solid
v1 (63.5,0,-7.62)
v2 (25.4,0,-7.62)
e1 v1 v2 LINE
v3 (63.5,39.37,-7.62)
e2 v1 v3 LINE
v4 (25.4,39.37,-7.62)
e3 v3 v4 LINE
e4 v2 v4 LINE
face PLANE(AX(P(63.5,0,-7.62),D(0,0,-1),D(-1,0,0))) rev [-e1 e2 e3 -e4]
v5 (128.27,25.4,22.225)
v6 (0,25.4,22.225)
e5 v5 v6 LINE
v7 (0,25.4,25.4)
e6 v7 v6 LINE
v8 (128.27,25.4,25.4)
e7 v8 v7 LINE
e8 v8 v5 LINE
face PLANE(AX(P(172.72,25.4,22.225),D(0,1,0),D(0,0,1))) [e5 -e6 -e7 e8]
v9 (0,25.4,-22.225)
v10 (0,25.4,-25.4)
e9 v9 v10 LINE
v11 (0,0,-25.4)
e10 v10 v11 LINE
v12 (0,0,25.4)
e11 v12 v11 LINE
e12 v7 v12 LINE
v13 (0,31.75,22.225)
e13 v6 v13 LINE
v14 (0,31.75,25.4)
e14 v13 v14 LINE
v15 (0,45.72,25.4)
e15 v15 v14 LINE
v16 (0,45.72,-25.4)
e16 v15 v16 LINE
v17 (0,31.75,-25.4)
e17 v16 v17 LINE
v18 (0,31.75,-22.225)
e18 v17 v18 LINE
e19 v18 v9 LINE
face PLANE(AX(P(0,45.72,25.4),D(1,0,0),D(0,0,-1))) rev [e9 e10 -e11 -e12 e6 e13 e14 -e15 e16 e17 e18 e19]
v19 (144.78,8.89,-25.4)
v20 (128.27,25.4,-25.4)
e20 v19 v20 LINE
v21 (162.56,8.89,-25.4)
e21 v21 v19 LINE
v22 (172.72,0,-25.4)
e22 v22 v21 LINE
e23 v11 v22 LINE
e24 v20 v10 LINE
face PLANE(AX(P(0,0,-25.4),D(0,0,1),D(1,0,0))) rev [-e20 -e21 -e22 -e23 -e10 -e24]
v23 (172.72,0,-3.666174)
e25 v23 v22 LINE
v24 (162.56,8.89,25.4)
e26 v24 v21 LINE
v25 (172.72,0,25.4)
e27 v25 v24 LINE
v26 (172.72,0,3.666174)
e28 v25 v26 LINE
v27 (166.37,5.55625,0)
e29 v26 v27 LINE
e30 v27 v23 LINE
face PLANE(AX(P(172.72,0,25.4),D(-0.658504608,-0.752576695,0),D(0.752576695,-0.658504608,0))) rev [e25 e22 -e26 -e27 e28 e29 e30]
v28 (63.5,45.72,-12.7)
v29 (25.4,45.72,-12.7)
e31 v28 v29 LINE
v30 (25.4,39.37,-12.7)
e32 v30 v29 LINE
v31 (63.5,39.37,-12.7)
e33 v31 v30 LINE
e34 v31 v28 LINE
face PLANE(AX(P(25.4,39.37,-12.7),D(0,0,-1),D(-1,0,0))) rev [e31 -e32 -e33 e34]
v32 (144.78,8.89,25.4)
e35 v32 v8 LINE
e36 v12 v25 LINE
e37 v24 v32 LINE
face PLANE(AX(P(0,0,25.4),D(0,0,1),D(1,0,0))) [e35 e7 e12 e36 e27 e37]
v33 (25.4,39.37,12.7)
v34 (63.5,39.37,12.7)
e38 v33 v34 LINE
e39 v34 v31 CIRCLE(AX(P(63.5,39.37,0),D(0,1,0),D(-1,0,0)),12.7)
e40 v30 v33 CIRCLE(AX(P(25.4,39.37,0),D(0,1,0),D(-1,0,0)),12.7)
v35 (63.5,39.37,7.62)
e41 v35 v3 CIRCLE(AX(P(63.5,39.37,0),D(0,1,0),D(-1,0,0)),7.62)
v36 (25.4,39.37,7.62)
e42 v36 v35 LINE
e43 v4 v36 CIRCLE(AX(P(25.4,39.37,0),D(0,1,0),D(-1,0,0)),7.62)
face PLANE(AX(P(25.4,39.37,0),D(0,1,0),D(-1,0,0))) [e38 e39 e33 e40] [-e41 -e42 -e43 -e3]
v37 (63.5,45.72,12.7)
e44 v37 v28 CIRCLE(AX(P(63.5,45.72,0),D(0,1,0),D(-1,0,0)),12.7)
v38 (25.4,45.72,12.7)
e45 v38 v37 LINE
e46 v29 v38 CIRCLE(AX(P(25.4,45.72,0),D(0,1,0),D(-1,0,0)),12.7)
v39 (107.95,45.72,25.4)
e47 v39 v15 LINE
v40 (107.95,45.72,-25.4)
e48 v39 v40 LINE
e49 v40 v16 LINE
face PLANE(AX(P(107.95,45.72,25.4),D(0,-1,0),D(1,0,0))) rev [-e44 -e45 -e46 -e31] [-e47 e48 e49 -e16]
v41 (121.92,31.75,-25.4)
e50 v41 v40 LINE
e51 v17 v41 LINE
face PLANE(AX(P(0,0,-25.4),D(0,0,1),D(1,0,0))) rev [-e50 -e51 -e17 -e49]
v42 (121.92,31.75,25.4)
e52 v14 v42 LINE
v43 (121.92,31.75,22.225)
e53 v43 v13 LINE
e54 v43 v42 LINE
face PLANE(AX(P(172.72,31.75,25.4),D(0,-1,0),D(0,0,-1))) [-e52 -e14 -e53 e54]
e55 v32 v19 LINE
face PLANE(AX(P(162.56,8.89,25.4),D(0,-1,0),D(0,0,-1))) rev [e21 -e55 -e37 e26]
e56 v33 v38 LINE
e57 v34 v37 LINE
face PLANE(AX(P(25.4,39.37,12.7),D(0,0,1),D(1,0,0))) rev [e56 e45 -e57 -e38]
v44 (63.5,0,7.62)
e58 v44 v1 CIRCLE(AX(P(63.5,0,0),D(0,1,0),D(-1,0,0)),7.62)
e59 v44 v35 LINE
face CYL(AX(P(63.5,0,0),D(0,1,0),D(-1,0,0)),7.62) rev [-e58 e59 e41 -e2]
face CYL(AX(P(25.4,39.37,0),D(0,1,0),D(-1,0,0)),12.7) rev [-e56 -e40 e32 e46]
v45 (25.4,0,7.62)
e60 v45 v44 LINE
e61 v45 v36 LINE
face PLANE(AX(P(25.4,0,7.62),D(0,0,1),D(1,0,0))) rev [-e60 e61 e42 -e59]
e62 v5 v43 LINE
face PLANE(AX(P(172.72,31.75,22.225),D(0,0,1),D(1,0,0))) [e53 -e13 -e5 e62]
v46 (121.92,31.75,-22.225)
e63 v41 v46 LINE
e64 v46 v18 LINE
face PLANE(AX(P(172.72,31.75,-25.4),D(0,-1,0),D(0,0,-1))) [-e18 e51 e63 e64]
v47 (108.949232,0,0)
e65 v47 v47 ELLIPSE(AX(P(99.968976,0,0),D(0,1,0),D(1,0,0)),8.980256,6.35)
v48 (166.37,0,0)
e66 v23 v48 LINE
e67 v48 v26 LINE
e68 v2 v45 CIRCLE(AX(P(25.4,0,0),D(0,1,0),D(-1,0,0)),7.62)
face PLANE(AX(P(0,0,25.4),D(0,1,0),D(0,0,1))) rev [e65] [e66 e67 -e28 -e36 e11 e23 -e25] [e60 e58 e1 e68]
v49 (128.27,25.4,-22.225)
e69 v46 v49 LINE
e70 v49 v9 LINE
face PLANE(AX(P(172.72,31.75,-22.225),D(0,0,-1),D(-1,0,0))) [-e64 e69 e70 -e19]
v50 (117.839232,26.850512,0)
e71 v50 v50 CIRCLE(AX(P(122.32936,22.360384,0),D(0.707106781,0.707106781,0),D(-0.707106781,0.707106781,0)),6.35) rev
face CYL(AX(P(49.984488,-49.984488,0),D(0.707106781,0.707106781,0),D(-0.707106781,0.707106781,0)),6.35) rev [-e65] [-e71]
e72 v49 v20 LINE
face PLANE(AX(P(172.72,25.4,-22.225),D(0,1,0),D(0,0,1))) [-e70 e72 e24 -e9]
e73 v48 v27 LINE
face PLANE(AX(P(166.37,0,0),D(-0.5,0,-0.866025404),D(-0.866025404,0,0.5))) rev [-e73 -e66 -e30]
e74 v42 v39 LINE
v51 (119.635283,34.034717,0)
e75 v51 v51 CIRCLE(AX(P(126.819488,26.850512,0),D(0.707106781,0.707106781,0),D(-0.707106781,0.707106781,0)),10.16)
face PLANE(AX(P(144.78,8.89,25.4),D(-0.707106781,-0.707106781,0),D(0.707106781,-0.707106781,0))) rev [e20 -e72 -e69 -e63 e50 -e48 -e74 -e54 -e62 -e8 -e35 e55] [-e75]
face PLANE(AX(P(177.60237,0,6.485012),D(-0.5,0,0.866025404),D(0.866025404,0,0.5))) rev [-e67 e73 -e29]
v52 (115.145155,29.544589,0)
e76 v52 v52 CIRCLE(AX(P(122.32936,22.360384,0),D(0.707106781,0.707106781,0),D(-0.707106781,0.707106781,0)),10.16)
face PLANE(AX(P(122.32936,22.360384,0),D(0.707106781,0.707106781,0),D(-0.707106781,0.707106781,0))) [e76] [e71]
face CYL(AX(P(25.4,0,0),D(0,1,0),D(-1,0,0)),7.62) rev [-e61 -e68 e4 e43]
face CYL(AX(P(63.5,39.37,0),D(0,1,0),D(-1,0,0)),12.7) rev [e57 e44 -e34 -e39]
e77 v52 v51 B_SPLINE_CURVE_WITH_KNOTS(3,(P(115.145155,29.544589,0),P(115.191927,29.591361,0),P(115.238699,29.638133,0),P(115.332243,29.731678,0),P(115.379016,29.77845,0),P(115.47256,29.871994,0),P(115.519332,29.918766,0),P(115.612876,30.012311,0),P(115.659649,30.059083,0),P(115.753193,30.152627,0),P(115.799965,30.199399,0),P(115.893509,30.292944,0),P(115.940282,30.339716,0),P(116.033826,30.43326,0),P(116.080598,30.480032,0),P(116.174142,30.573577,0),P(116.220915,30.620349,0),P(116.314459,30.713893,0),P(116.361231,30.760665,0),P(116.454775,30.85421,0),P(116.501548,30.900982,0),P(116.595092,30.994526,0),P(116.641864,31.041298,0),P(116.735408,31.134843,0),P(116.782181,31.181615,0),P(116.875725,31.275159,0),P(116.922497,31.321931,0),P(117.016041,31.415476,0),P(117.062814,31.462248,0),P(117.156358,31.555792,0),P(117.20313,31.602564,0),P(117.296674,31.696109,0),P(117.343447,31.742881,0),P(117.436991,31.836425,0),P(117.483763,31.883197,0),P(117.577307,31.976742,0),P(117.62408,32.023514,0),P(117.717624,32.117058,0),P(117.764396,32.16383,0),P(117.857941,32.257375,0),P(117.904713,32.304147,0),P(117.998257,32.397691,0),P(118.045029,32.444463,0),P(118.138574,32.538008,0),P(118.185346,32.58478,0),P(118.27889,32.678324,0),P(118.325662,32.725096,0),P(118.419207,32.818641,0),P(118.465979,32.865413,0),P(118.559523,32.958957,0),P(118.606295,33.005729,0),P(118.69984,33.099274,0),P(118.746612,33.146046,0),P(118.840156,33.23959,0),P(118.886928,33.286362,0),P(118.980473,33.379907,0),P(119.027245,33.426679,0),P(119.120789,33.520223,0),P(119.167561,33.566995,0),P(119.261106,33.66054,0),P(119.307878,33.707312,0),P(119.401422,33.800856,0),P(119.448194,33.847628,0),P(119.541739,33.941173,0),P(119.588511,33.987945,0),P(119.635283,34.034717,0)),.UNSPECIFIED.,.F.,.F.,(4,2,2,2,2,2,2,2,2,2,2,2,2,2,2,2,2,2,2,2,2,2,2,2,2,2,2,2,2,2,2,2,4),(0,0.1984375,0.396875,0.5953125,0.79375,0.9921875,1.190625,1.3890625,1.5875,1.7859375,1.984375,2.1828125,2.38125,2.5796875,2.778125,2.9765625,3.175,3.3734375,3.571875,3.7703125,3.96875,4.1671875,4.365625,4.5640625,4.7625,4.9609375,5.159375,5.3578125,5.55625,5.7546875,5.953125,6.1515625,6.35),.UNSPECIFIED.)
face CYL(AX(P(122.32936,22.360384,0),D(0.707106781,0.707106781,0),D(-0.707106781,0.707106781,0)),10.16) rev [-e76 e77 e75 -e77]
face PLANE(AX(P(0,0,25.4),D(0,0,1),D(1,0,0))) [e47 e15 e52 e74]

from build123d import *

# Parameters (mm, degrees)
BOSS_EXTRUDE1_DEPTH = 25.4
SKETCH2_R           = 6.35
CUT_EXTRUDE1_DEPTH  = 126.469958357
SKETCH3_R           = 10.16
CUT_EXTRUDE2_DEPTH  = 6.35
CUT_EXTRUDE3_DEPTH  = 179.420310783
SKETCH6_W           = 3.175
SKETCH6_H           = 6.35
CUT_EXTRUDE4_DEPTH  = 181.46516783
CUT_EXTRUDE5_DEPTH  = 6.35
CUT_EXTRUDE6_DEPTH  = 179.961882254


with BuildPart() as part:
    # Sketch1 → Boss-Extrude1 (new, symmetric)
    with BuildSketch(Plane.XY):
        Polygon((0, 0), (172.72, 0), (162.56, 8.89), (144.78, 8.89), (107.95, 45.72), (0, 45.72), align=None)
    extrude(amount=BOSS_EXTRUDE1_DEPTH, both=True)

    # Sketch2 → Cut-Extrude1 (cut, through all)
    with BuildSketch(Plane(origin=(76.835, 76.835, 0), x_dir=(0, 0, -1), z_dir=(0.7071067811865482, 0.7071067811865468, 0))):
        with Locations(Location((0, -70.688740495, 0), (0, 0, 90))):
            Circle(SKETCH2_R)
    extrude(amount=-CUT_EXTRUDE1_DEPTH, mode=Mode.SUBTRACT)

    # Sketch3 → Cut-Extrude2 (cut)
    with BuildSketch(Plane(origin=(76.835, 76.835, 0), x_dir=(0, 0, -1), z_dir=(0.7071067811865482, 0.7071067811865468, 0))):
        with Locations(Location((0, -70.688740495, 0), (0, 0, 90))):
            Circle(SKETCH3_R)
    extrude(amount=-CUT_EXTRUDE2_DEPTH, mode=Mode.SUBTRACT)

    # Sketch5 → Cut-Extrude3 (cut, through all)
    with BuildSketch(Plane(origin=(0, 8.89, 0), x_dir=(1, 0, 0), z_dir=(0, 1, 0))):
        Polygon((166.37, 0), (177.602369567, 6.485011593), (177.602369567, -6.485011593), align=None)
    extrude(amount=-CUT_EXTRUDE3_DEPTH, mode=Mode.SUBTRACT)

    # Sketch6 → Cut-Extrude4 (cut, through all)
    with BuildSketch(Plane(origin=(0, 0, 0), x_dir=(0, 0, -1), z_dir=(1, 0, 0))):
        with Locations((-23.8125, 28.575)):
            Rectangle(SKETCH6_W, SKETCH6_H)
        with Locations((23.8125, 28.575)):
            Rectangle(SKETCH6_W, SKETCH6_H)
    extrude(amount=CUT_EXTRUDE4_DEPTH, mode=Mode.SUBTRACT)

    # Sketch7 → Cut-Extrude5 (cut)
    with BuildSketch(Plane(origin=(0, 45.72, 0), x_dir=(1, 0, 0), z_dir=(0, 1, 0))):
        with BuildLine():
            Line((25.4, 12.7), (63.5, 12.7))
            ThreePointArc((63.5, 12.7), (76.2, 0), (63.5, -12.7))
            Line((63.5, -12.7), (25.4, -12.7))
            ThreePointArc((25.4, -12.7), (12.7, 0), (25.4, 12.7))
        make_face()
    extrude(amount=-CUT_EXTRUDE5_DEPTH, mode=Mode.SUBTRACT)

    # Sketch8 → Cut-Extrude6 (cut, through all)
    with BuildSketch(Plane(origin=(0, 39.37, 0), x_dir=(1, 0, 0), z_dir=(0, 1, 0))):
        with BuildLine():
            Line((25.4, -7.62), (63.5, -7.62))
            ThreePointArc((63.5, -7.62), (71.12, 0), (63.5, 7.62))
            Line((63.5, 7.62), (25.4, 7.62))
            ThreePointArc((25.4, 7.62), (17.78, 0), (25.4, -7.62))
        make_face()
    extrude(amount=-CUT_EXTRUDE6_DEPTH, mode=Mode.SUBTRACT)


solid = part.part
